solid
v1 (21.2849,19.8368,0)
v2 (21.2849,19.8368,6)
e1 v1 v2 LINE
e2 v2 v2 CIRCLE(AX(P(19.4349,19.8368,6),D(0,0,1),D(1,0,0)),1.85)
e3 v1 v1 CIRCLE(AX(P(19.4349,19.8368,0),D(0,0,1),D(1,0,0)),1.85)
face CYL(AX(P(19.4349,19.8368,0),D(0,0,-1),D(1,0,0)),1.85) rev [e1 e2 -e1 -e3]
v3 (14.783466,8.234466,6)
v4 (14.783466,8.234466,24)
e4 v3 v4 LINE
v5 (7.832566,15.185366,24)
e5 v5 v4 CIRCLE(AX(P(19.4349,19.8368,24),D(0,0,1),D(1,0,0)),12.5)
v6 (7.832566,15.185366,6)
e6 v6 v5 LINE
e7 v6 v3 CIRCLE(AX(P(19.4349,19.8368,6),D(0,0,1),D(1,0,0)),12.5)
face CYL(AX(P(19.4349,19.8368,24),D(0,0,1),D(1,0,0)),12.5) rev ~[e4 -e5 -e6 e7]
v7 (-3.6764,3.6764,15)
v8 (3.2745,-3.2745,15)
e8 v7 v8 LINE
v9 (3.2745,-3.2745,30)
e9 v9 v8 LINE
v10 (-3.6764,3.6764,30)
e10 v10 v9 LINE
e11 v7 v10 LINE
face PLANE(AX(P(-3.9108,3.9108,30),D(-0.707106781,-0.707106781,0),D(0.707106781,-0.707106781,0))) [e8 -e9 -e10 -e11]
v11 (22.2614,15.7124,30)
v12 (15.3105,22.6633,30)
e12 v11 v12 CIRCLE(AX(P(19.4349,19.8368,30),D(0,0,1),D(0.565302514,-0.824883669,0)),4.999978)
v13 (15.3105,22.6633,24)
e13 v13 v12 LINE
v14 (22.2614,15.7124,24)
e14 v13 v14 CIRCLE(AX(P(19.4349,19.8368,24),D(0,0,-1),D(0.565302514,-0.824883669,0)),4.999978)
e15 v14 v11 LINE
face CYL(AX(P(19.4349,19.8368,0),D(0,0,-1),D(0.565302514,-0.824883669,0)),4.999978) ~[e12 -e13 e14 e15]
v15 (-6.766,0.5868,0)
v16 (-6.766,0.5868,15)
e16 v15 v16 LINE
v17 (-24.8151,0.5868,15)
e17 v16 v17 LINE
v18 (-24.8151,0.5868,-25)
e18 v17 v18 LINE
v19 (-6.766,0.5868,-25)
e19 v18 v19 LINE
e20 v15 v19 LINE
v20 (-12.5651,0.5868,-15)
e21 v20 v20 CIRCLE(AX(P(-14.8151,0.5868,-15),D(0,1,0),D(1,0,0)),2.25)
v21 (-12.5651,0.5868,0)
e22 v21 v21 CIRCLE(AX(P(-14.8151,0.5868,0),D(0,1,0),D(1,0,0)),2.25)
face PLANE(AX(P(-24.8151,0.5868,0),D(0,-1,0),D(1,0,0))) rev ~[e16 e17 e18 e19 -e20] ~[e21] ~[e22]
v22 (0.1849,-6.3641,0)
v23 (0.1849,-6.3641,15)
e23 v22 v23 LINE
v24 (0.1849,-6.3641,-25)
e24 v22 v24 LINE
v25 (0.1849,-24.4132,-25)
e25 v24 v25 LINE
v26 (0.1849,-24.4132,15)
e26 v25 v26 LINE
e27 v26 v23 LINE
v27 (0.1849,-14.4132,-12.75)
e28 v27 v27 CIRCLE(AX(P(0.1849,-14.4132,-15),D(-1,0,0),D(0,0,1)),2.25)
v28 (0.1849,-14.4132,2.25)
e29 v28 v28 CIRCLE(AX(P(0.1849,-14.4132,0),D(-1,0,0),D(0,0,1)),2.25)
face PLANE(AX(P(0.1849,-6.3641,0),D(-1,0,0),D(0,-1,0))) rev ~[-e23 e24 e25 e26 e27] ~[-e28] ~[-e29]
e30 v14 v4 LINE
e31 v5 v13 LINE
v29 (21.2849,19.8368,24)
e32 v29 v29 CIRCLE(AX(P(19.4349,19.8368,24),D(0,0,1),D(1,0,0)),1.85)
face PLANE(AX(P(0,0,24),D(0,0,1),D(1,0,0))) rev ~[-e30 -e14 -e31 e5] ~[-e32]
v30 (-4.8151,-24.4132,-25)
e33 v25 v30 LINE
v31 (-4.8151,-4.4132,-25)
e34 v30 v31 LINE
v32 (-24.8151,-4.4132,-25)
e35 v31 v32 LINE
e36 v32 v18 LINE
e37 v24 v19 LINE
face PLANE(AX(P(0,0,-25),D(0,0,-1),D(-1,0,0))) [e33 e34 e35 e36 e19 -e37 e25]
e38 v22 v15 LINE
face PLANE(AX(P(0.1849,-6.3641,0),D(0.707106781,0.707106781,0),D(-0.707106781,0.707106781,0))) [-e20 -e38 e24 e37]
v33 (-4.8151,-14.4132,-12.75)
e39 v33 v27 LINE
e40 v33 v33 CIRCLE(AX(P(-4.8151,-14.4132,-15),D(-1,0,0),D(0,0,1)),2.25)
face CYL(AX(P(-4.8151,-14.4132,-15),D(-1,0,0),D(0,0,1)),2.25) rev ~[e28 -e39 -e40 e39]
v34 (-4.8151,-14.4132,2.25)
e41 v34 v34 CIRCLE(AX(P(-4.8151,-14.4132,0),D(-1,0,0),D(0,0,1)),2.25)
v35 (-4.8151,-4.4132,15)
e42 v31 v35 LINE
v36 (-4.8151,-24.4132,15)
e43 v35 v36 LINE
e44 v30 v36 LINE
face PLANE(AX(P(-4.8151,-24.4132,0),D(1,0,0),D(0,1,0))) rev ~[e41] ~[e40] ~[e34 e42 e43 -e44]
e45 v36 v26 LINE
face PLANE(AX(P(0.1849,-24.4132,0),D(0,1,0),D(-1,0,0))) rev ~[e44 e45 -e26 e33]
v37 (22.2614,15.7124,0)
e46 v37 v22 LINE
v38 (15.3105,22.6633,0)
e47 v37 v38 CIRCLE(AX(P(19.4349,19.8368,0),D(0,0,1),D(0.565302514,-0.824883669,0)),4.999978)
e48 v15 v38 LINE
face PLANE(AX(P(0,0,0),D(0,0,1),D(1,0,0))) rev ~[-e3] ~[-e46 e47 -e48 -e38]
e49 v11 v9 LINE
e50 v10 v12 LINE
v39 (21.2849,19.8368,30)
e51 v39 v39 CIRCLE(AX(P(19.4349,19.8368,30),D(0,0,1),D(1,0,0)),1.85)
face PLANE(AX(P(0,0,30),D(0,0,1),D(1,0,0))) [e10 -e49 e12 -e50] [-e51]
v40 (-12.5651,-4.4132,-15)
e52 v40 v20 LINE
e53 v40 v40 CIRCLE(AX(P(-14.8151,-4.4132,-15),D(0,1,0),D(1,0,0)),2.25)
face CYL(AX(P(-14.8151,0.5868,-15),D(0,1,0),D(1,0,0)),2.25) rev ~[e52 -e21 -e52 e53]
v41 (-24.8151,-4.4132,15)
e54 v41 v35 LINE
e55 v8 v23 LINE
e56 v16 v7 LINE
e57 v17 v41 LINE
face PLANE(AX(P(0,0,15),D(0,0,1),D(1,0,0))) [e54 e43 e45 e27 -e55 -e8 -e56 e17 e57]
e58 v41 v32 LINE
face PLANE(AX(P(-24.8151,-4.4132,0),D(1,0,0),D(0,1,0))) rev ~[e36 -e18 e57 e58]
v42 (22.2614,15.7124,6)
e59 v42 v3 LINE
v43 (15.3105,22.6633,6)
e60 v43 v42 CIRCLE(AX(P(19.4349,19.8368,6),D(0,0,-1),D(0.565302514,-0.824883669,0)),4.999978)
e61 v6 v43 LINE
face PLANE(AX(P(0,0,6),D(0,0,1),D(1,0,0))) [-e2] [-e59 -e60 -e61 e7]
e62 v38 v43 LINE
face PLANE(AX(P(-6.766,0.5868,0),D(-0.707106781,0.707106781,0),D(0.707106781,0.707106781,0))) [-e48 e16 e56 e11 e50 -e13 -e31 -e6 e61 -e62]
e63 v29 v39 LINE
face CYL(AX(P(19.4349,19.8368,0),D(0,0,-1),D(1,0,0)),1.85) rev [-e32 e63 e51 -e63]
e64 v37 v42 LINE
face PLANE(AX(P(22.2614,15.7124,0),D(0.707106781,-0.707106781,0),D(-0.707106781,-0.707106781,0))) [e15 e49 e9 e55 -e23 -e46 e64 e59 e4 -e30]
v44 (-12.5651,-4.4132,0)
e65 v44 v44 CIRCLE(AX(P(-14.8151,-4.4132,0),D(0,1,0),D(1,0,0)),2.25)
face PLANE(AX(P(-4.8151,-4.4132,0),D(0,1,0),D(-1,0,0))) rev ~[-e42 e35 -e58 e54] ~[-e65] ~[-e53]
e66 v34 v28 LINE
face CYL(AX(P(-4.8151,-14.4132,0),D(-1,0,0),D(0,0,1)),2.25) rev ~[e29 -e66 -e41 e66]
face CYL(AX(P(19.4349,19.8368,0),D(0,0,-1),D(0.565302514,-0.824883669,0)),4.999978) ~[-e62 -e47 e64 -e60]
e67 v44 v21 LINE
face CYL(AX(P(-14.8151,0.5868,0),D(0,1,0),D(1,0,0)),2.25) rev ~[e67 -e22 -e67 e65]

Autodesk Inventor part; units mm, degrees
ref_plane "YZ Plane" through (0, 0, 0) normal (1, 0, 0) x (0, 1, 0)
ref_plane "XZ Plane" through (0, 0, 0) normal (0, 1, 0) x (-1, 0, 0)
ref_plane "XY Plane" through (0, 0, 0) normal (0, 0, 1) x (1, 0, 0)
sketch "Sketch1" plane through (0, 0, 0) normal (0, 0, 1) x (1, 0, 0)
  line L0 (-6.766, 0.5868) -> (-24.8151, 0.5868)
  line L1 (-24.8151, 0.5868) -> (-24.8151, -4.4132)
  line L2 (-24.8151, -4.4132) -> (-4.8151, -4.4132)
  line L3 (-4.8151, -4.4132) -> (-4.8151, -24.4132)
  line L4 (-4.8151, -24.4132) -> (0.1849, -24.4132)
  line L5 (0.1849, -24.4132) -> (0.1849, -6.3641)
  line L6 (-6.766, 0.5868) -> (15.3105, 22.6633)
  line L7 (22.2614, 15.7124) -> (0.1849, -6.3641)
  circle A0 centre (19.4349, 19.8368) radius 1.85
  arc A1 (22.2614, 15.7124) -> (15.3105, 22.6633) centre (19.4349, 19.8368) ccw
  dimension "d0" = 20
  dimension "d1" = 20
  dimension "d2" = 5
  dimension "d3" = 5
  dimension "d7" = 24.25
  dimension "d8" = 24.25
  dimension "d9" = 3.7
  dimension "d18" = 5
  dimension "d19" = 135
extrude "Extrusion1" add sketch "Sketch1" along normal blind 30
ref_plane "Work Plane1" through (0, 0, 24) normal (0, 0, 1) x (1, 0, 0)
sketch "Sketch3" plane through (0, 0, 24) normal (0, 0, 1) x (1, 0, 0)
  circle A0 centre (19.4349, 19.8368) radius 1.85 projected
  circle A1 centre (19.4349, 19.8368) radius 12.5
  point P0 (0, 0)
  dimension "d13" = 25
extrude "Extrusion3" cut sketch "Sketch3" against normal blind 18
sketch "Sketch5" plane through (0, 0, 0) normal (0, 0, -1) x (-1, 0, 0)
  circle A0 centre (-19.4349, 19.8368) radius 1.85 projected
  line L0 (24.8151, -4.4132) -> (24.8151, 0.5868) projected
  line L1 (24.8151, 0.5868) -> (6.766, 0.5868) projected
  line L2 (6.766, 0.5868) -> (-15.3105, 22.6633) projected
  arc A1 (-15.3105, 22.6633) -> (-22.2614, 15.7124) centre (-19.4349, 19.8368) ccw projected
  line L3 (-22.2614, 15.7124) -> (-0.1849, -6.3641) projected
  line L4 (-0.1849, -6.3641) -> (-0.1849, -24.4132) projected
  line L5 (-0.1849, -24.4132) -> (4.8151, -24.4132) projected
  line L6 (4.8151, -24.4132) -> (4.8151, -4.4132) projected
  line L7 (4.8151, -4.4132) -> (24.8151, -4.4132) projected
  line L8 (-0.1849, -6.3641) -> (6.766, 0.5868)
  point P0 (0, 0)
extrude "Extrusion5" add sketch "Sketch5" along normal blind 25 contours L7 L6 L5 L4 L8 L1 L0
sketch "Sketch8" plane through (-4.8151, -24.4132, -25) normal (-1, 0, 0) x (0, 0, 1)
  circle A0 centre (10, 10) radius 2.25
  line L0 (55, 0) -> (0, 0) projected
  line L1 (0, 0) -> (0, 20) projected
  circle A1 centre (25, 10) radius 2.25
  point P0 (25, 24.4132)
  dimension "d40" = 4.5
  dimension "d41" = 10
  dimension "d42" = 10
  dimension "d43" = 4.5
  dimension "d44" = 10
  dimension "d45" = 15
sketch "Sketch9" plane through (-24.8151, 0.5868, 30) normal (0, 1, 0) x (1, 0, 0)
  circle A0 centre (10, 45) radius 2.25
  circle A1 centre (10, 30) radius 2.25
  line L0 (0, 55) -> (18.0491, 55) projected
  line L1 (0, 0) -> (0, 55) projected
  point P0 (24.8151, 30)
  dimension "d46" = 10
  dimension "d47" = 10
  dimension "d48" = 10
  dimension "d49" = 15
  dimension "d50" = 4.5
  dimension "d51" = 4.5
extrude "Extrusion8" cut sketch "Sketch9" against normal mid plane 20
extrude "Extrusion9" cut sketch "Sketch8" against normal blind 20
sketch "Sketch10" plane through (0, 0, 30) normal (0, 0, 1) x (1, 0, 0)
  line L0 (-3.9108, 3.9108) -> (4.5333, -4.5333)
  line L1 (4.5333, -4.5333) -> (4.5333, -31.01)
  line L2 (4.5333, -31.01) -> (-28.169, -31.01)
  line L3 (-28.169, -31.01) -> (-28.169, 3.9108)
  line L4 (-28.169, 3.9108) -> (-3.9108, 3.9108)
  point P0 (0, 0)
  dimension "d56" = 135
  dimension "d57" = 0
extrude "Extrusion10" cut sketch "Sketch10" against normal blind 15
equation "\"d8\" = d7"
equation "\"d43\" = d40"
equation "\"d44\" = d41"
equation "\"RodDiameter\" = 8"
equation "\"VerticalBearingOD\" = 16"
equation "\"PrintingClearance\" = 0.2"
equation "\"TubeID\" = 18"
properties part number "PulleyHolderXY"
